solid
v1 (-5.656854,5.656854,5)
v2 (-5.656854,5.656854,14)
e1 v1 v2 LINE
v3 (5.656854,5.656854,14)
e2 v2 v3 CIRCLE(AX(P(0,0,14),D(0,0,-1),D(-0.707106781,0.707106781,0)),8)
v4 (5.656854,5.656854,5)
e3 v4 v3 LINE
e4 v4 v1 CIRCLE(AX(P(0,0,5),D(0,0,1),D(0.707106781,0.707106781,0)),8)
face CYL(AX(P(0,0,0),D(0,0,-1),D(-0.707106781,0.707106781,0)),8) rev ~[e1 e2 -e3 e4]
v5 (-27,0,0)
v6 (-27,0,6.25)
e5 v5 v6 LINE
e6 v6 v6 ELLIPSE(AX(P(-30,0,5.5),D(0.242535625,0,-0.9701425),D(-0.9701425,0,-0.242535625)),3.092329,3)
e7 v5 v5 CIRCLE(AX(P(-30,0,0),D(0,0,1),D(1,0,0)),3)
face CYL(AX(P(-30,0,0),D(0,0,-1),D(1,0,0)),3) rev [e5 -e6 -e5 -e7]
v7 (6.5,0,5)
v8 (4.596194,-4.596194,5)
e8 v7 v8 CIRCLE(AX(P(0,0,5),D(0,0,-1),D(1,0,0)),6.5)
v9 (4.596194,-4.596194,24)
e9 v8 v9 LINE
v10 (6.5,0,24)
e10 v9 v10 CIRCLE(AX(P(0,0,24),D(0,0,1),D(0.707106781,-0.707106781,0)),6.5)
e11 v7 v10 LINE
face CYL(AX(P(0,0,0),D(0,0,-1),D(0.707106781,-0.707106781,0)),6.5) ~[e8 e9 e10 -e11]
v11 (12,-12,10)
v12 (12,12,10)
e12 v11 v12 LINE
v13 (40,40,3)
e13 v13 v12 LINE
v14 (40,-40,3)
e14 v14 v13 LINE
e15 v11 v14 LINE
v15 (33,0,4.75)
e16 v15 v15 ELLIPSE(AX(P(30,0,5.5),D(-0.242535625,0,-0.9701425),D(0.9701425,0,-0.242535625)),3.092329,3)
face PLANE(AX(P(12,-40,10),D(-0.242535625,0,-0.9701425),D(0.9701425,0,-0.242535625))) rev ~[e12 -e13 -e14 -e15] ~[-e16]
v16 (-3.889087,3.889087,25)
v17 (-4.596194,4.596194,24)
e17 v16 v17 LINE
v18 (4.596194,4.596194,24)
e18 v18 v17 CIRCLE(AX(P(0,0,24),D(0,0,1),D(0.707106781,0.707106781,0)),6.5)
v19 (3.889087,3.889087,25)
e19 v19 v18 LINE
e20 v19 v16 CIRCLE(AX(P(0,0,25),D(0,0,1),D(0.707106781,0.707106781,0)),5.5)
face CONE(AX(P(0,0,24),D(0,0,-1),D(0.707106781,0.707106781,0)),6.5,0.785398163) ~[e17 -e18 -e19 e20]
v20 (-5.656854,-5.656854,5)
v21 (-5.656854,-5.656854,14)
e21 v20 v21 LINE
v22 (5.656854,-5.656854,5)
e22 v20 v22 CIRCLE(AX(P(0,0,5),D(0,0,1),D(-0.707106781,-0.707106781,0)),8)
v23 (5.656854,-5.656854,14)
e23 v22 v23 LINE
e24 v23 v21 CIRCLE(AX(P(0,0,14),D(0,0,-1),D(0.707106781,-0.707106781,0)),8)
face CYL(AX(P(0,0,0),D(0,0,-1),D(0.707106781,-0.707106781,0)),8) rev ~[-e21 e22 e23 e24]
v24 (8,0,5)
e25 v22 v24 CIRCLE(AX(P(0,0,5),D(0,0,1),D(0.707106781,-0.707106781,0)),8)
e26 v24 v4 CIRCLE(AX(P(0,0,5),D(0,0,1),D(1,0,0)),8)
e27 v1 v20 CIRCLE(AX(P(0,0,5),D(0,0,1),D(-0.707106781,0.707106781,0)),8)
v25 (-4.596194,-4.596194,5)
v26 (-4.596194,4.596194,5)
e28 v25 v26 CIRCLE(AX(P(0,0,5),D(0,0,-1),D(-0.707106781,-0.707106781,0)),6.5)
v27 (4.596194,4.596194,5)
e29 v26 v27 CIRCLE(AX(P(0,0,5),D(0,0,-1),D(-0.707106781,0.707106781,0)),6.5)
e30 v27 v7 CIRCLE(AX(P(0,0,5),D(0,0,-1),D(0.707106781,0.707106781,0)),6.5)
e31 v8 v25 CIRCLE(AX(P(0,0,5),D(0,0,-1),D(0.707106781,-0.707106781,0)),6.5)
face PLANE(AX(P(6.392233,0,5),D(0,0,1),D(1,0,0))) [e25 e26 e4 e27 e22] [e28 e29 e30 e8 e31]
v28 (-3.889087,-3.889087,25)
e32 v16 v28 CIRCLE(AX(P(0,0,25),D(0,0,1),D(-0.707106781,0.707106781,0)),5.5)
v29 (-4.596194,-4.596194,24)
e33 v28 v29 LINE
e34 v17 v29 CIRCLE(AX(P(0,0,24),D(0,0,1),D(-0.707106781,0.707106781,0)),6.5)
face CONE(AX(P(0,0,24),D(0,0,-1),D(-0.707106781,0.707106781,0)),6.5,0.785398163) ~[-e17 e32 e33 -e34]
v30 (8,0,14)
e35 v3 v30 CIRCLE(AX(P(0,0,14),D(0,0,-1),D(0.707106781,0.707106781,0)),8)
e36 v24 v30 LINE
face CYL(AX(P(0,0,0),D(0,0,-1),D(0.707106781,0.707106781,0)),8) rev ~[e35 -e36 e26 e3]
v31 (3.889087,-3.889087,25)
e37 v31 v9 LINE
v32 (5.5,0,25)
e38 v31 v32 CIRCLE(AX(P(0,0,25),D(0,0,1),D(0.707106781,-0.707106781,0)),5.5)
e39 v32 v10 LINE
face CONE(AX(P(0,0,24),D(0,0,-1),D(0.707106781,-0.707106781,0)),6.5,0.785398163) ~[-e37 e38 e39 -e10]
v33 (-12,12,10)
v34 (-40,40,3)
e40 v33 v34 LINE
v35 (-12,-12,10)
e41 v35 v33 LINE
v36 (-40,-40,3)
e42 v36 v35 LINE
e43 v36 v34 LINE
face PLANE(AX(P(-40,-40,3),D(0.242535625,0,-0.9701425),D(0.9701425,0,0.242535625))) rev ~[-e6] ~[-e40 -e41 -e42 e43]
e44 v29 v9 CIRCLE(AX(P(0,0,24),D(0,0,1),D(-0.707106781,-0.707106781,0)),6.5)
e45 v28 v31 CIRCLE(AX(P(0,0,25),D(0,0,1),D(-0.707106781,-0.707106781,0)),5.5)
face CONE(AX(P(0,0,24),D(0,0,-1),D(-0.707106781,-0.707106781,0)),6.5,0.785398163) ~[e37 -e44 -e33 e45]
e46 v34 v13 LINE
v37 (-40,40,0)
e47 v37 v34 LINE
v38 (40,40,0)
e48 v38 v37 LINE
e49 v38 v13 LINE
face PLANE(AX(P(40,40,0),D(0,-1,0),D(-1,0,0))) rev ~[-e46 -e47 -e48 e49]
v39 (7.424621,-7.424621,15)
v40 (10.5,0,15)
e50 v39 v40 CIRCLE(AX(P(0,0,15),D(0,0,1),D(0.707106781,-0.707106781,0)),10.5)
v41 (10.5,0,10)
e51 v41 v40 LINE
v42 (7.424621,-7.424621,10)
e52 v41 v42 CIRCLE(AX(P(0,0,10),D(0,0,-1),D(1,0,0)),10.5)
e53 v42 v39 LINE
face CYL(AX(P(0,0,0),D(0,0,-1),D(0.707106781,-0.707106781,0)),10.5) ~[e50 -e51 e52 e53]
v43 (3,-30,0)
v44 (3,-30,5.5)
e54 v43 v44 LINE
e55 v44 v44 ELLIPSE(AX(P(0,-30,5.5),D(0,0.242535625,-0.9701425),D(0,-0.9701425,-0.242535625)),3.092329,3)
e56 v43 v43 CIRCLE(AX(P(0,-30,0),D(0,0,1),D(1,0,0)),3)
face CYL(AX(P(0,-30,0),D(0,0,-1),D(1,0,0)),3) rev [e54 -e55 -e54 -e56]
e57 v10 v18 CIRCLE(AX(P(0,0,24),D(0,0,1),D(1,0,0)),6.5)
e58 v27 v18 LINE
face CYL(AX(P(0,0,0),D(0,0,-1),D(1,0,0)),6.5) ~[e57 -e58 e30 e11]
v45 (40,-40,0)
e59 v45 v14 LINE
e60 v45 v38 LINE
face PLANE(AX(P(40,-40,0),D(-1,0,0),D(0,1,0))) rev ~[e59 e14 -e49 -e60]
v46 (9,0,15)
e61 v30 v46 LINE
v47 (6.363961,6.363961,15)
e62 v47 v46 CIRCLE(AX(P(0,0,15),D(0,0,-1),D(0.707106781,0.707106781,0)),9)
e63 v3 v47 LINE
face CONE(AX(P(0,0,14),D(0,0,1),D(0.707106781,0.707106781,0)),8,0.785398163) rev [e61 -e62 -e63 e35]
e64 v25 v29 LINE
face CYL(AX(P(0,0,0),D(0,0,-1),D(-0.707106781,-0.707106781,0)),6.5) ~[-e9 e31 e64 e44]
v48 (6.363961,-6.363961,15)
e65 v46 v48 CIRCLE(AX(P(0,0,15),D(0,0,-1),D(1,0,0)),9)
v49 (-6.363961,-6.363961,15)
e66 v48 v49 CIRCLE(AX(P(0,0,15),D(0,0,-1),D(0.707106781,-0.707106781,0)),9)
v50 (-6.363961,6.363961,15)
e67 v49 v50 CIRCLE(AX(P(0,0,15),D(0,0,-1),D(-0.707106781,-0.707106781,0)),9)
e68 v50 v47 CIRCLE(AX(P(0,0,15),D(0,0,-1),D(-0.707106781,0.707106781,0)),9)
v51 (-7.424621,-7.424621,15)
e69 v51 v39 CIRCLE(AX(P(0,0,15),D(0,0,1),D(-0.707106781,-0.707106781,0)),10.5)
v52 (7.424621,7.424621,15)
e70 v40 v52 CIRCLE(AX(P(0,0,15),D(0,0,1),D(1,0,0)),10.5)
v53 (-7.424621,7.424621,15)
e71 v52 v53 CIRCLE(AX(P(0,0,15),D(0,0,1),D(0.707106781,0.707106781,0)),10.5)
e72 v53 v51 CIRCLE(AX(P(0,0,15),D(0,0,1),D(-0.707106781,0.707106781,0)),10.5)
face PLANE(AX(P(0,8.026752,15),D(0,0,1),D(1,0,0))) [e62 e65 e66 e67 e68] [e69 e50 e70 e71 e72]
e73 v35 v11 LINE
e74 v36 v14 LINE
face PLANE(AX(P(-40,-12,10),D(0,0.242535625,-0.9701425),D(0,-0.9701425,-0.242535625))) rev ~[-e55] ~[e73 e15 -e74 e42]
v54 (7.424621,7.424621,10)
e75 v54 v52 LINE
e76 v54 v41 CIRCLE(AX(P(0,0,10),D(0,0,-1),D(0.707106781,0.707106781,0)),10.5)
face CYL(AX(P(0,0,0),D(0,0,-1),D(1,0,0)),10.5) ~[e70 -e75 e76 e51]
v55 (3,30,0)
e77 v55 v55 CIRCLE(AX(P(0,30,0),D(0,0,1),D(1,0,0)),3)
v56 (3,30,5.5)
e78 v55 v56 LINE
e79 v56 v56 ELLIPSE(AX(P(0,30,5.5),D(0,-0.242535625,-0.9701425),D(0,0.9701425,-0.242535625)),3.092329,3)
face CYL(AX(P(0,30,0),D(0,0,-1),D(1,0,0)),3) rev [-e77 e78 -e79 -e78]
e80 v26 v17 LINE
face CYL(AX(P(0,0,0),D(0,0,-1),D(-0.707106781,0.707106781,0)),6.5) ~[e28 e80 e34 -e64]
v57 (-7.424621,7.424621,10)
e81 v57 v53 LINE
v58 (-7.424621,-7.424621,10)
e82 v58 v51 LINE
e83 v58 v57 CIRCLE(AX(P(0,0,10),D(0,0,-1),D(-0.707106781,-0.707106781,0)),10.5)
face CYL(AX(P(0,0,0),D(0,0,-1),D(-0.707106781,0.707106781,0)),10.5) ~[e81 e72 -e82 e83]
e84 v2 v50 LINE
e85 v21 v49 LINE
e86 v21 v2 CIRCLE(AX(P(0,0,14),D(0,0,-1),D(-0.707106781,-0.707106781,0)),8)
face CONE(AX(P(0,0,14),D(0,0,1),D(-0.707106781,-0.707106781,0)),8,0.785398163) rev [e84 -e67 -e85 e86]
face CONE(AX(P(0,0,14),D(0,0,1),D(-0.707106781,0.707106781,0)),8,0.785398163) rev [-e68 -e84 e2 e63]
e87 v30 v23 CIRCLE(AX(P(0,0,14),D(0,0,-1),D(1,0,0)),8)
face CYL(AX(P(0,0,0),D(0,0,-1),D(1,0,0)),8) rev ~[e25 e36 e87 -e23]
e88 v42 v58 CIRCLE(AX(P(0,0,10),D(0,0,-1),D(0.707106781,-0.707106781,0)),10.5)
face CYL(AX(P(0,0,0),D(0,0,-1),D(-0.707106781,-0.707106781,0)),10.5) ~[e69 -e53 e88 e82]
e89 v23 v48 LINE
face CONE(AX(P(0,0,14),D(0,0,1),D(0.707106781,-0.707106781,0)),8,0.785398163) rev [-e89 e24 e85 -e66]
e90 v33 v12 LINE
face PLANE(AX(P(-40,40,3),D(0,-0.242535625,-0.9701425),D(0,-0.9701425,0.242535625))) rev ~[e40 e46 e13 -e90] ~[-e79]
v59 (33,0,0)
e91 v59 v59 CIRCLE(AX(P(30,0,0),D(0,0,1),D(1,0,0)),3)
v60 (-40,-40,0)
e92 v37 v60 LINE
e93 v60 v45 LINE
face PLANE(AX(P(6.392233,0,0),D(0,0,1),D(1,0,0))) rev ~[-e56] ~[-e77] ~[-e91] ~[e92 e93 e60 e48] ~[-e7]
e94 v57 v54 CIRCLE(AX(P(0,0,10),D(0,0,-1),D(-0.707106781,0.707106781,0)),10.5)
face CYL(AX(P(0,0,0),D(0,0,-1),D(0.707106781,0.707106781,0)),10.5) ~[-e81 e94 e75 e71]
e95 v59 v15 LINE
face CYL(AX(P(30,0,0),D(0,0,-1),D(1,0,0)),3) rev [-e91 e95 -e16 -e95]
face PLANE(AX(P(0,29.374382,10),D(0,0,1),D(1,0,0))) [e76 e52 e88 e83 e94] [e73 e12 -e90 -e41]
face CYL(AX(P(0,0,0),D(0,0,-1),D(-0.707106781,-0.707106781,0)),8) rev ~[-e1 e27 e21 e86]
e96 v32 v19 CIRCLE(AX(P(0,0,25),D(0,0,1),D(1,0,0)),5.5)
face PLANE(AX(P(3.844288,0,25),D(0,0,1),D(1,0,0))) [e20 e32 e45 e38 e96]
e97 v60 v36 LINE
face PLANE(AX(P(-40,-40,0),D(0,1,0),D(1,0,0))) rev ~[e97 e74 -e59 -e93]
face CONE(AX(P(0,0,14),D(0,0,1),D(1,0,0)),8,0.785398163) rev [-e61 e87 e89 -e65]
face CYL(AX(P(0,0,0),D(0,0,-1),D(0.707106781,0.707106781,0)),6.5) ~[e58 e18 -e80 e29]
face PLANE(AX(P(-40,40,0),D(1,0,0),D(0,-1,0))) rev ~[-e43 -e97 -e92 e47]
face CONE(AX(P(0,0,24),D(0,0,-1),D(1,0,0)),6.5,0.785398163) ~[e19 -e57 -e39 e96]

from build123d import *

# Parameters (mm, degrees)
F0_R     = 3
F1_DEPTH = 10
F2_DEPTH = 15
F3_DEPTH = 5
F4_DEPTH = 25
F7_DEPTH = 80
F8_DEPTH = 80
F9_SIZE  = 1


with BuildPart() as f1:
    # F0 (on Top) → F1 (new body)
    with BuildSketch(Plane.XY):
        with BuildLine():
            ThreePointArc((-7.4246212025, 7.4246212025), (0, 10.5), (7.4246212025, 7.4246212025))
            Line((7.4246212025, 7.4246212025), (40, 40))
            Line((40, 40), (-40, 40))
            Line((-40, 40), (-7.4246212025, 7.4246212025))
        make_face()
        with Locations((0, 30)):
            Circle(F0_R, mode=Mode.SUBTRACT)
        with BuildLine():
            Line((40, 40), (7.4246212025, 7.4246212025))
            ThreePointArc((7.4246212025, 7.4246212025), (9.7007350914, 4.0181760398), (10.5, 0))
            ThreePointArc((10.5, 0), (9.7007350914, -4.0181760398), (7.4246212025, -7.4246212025))
            Line((7.4246212025, -7.4246212025), (40, -40))
            Line((40, -40), (40, 40))
        make_face()
        with Locations((30, 0)):
            Circle(F0_R, mode=Mode.SUBTRACT)
        with BuildLine():
            Line((40, -40), (7.4246212025, -7.4246212025))
            ThreePointArc((7.4246212025, -7.4246212025), (0, -10.5), (-7.4246212025, -7.4246212025))
            Line((-7.4246212025, -7.4246212025), (-40, -40))
            Line((-40, -40), (40, -40))
        make_face()
        with Locations((0, -30)):
            Circle(F0_R, mode=Mode.SUBTRACT)
        with BuildLine():
            ThreePointArc((-7.4246212025, -7.4246212025), (-10.5, 0), (-7.4246212025, 7.4246212025))
            Line((-7.4246212025, 7.4246212025), (-40, 40))
            Line((-40, 40), (-40, -40))
            Line((-40, -40), (-7.4246212025, -7.4246212025))
        make_face()
        with Locations((-30, 0)):
            Circle(F0_R, mode=Mode.SUBTRACT)
    extrude(amount=F1_DEPTH)

    # F0 (on Top) → F2 (join)
    with BuildSketch(Plane.XY):
        with BuildLine():
            ThreePointArc((-5.6568542495, 5.6568542495), (0, 8), (5.6568542495, 5.6568542495))
            Line((5.6568542495, 5.6568542495), (7.4246212025, 7.4246212025))
            ThreePointArc((7.4246212025, 7.4246212025), (0, 10.5), (-7.4246212025, 7.4246212025))
            Line((-7.4246212025, 7.4246212025), (-5.6568542495, 5.6568542495))
        make_face()
        with BuildLine():
            Line((7.4246212025, 7.4246212025), (5.6568542495, 5.6568542495))
            ThreePointArc((5.6568542495, 5.6568542495), (7.3910362601, 3.0614674589), (8, 0))
            ThreePointArc((8, 0), (7.3910362601, -3.0614674589), (5.6568542495, -5.6568542495))
            Line((5.6568542495, -5.6568542495), (7.4246212025, -7.4246212025))
            ThreePointArc((7.4246212025, -7.4246212025), (9.7007350914, -4.0181760398), (10.5, 0))
            ThreePointArc((10.5, 0), (9.7007350914, 4.0181760398), (7.4246212025, 7.4246212025))
        make_face()
        with BuildLine():
            Line((7.4246212025, -7.4246212025), (5.6568542495, -5.6568542495))
            ThreePointArc((5.6568542495, -5.6568542495), (0, -8), (-5.6568542495, -5.6568542495))
            Line((-5.6568542495, -5.6568542495), (-7.4246212025, -7.4246212025))
            ThreePointArc((-7.4246212025, -7.4246212025), (0, -10.5), (7.4246212025, -7.4246212025))
        make_face()
        with BuildLine():
            ThreePointArc((-5.6568542495, -5.6568542495), (-8, 0), (-5.6568542495, 5.6568542495))
            Line((-5.6568542495, 5.6568542495), (-7.4246212025, 7.4246212025))
            ThreePointArc((-7.4246212025, 7.4246212025), (-10.5, 0), (-7.4246212025, -7.4246212025))
            Line((-7.4246212025, -7.4246212025), (-5.6568542495, -5.6568542495))
        make_face()
    extrude(amount=F2_DEPTH)

    # F0 (on Top) → F3 (join)
    with BuildSketch(Plane.XY):
        with BuildLine():
            ThreePointArc((4.5961940777, 4.5961940777), (6.0052169613, 2.4874423104), (6.5, 0))
            ThreePointArc((6.5, 0), (6.0052169613, -2.4874423104), (4.5961940777, -4.5961940777))
            Line((4.5961940777, -4.5961940777), (5.6568542495, -5.6568542495))
            ThreePointArc((5.6568542495, -5.6568542495), (7.3910362601, -3.0614674589), (8, 0))
            ThreePointArc((8, 0), (7.3910362601, 3.0614674589), (5.6568542495, 5.6568542495))
            Line((5.6568542495, 5.6568542495), (4.5961940777, 4.5961940777))
        make_face()
        with BuildLine():
            Line((5.6568542495, -5.6568542495), (4.5961940777, -4.5961940777))
            ThreePointArc((4.5961940777, -4.5961940777), (0, -6.5), (-4.5961940777, -4.5961940777))
            Line((-4.5961940777, -4.5961940777), (-5.6568542495, -5.6568542495))
            ThreePointArc((-5.6568542495, -5.6568542495), (0, -8), (5.6568542495, -5.6568542495))
        make_face()
        with BuildLine():
            ThreePointArc((-4.5961940777, 4.5961940777), (0, 6.5), (4.5961940777, 4.5961940777))
            Line((4.5961940777, 4.5961940777), (5.6568542495, 5.6568542495))
            ThreePointArc((5.6568542495, 5.6568542495), (0, 8), (-5.6568542495, 5.6568542495))
            Line((-5.6568542495, 5.6568542495), (-4.5961940777, 4.5961940777))
        make_face()
        with BuildLine():
            ThreePointArc((-4.5961940777, -4.5961940777), (-6.5, 0), (-4.5961940777, 4.5961940777))
            Line((-4.5961940777, 4.5961940777), (-5.6568542495, 5.6568542495))
            ThreePointArc((-5.6568542495, 5.6568542495), (-8, 0), (-5.6568542495, -5.6568542495))
            Line((-5.6568542495, -5.6568542495), (-4.5961940777, -4.5961940777))
        make_face()
    extrude(amount=F3_DEPTH)

    # F0 (on Top) → F4 (join)
    with BuildSketch(Plane.XY):
        with BuildLine():
            ThreePointArc((4.5961940777, -4.5961940777), (6.0052169613, -2.4874423104), (6.5, 0))
            ThreePointArc((6.5, 0), (6.0052169613, 2.4874423104), (4.5961940777, 4.5961940777))
            Line((4.5961940777, 4.5961940777), (0, 0))
            Line((0, 0), (4.5961940777, -4.5961940777))
        make_face()
        with BuildLine():
            ThreePointArc((-4.5961940777, -4.5961940777), (0, -6.5), (4.5961940777, -4.5961940777))
            Line((4.5961940777, -4.5961940777), (0, 0))
            Line((0, 0), (-4.5961940777, -4.5961940777))
        make_face()
        with BuildLine():
            Line((0, 0), (-4.5961940777, 4.5961940777))
            ThreePointArc((-4.5961940777, 4.5961940777), (-6.5, 0), (-4.5961940777, -4.5961940777))
            Line((-4.5961940777, -4.5961940777), (0, 0))
        make_face()
        with BuildLine():
            Line((0, 0), (4.5961940777, 4.5961940777))
            ThreePointArc((4.5961940777, 4.5961940777), (0, 6.5), (-4.5961940777, 4.5961940777))
            Line((-4.5961940777, 4.5961940777), (0, 0))
        make_face()
    extrude(amount=F4_DEPTH)

    # F5 (on face) → F7 (cut)
    with BuildSketch(Plane.XZ.offset(40)):
        Polygon((-40, 3), (-12, 10), (-40, 10), align=None)
        Polygon((40, 10), (12, 10), (40, 3), align=None)
    extrude(amount=-F7_DEPTH, mode=Mode.SUBTRACT)

    # F6 (on face) → F8 (cut)
    with BuildSketch(Plane(origin=(-40, 0, 0), x_dir=(0, -1, 0), z_dir=(-1, 0, 0))):
        Polygon((-40, 3), (-12, 10), (-40, 10), align=None)
        Polygon((40, 10), (12, 10), (40, 3), align=None)
    extrude(amount=-F8_DEPTH, mode=Mode.SUBTRACT)

    # F9
    f9_edges = [f1.edges().sort_by_distance(p)[0] for p in [
        (5.656854, 5.656854, 15),
        (-4.596194, -4.596194, 25),
    ]]
    chamfer(f9_edges, length=F9_SIZE)


solid = f1.part
